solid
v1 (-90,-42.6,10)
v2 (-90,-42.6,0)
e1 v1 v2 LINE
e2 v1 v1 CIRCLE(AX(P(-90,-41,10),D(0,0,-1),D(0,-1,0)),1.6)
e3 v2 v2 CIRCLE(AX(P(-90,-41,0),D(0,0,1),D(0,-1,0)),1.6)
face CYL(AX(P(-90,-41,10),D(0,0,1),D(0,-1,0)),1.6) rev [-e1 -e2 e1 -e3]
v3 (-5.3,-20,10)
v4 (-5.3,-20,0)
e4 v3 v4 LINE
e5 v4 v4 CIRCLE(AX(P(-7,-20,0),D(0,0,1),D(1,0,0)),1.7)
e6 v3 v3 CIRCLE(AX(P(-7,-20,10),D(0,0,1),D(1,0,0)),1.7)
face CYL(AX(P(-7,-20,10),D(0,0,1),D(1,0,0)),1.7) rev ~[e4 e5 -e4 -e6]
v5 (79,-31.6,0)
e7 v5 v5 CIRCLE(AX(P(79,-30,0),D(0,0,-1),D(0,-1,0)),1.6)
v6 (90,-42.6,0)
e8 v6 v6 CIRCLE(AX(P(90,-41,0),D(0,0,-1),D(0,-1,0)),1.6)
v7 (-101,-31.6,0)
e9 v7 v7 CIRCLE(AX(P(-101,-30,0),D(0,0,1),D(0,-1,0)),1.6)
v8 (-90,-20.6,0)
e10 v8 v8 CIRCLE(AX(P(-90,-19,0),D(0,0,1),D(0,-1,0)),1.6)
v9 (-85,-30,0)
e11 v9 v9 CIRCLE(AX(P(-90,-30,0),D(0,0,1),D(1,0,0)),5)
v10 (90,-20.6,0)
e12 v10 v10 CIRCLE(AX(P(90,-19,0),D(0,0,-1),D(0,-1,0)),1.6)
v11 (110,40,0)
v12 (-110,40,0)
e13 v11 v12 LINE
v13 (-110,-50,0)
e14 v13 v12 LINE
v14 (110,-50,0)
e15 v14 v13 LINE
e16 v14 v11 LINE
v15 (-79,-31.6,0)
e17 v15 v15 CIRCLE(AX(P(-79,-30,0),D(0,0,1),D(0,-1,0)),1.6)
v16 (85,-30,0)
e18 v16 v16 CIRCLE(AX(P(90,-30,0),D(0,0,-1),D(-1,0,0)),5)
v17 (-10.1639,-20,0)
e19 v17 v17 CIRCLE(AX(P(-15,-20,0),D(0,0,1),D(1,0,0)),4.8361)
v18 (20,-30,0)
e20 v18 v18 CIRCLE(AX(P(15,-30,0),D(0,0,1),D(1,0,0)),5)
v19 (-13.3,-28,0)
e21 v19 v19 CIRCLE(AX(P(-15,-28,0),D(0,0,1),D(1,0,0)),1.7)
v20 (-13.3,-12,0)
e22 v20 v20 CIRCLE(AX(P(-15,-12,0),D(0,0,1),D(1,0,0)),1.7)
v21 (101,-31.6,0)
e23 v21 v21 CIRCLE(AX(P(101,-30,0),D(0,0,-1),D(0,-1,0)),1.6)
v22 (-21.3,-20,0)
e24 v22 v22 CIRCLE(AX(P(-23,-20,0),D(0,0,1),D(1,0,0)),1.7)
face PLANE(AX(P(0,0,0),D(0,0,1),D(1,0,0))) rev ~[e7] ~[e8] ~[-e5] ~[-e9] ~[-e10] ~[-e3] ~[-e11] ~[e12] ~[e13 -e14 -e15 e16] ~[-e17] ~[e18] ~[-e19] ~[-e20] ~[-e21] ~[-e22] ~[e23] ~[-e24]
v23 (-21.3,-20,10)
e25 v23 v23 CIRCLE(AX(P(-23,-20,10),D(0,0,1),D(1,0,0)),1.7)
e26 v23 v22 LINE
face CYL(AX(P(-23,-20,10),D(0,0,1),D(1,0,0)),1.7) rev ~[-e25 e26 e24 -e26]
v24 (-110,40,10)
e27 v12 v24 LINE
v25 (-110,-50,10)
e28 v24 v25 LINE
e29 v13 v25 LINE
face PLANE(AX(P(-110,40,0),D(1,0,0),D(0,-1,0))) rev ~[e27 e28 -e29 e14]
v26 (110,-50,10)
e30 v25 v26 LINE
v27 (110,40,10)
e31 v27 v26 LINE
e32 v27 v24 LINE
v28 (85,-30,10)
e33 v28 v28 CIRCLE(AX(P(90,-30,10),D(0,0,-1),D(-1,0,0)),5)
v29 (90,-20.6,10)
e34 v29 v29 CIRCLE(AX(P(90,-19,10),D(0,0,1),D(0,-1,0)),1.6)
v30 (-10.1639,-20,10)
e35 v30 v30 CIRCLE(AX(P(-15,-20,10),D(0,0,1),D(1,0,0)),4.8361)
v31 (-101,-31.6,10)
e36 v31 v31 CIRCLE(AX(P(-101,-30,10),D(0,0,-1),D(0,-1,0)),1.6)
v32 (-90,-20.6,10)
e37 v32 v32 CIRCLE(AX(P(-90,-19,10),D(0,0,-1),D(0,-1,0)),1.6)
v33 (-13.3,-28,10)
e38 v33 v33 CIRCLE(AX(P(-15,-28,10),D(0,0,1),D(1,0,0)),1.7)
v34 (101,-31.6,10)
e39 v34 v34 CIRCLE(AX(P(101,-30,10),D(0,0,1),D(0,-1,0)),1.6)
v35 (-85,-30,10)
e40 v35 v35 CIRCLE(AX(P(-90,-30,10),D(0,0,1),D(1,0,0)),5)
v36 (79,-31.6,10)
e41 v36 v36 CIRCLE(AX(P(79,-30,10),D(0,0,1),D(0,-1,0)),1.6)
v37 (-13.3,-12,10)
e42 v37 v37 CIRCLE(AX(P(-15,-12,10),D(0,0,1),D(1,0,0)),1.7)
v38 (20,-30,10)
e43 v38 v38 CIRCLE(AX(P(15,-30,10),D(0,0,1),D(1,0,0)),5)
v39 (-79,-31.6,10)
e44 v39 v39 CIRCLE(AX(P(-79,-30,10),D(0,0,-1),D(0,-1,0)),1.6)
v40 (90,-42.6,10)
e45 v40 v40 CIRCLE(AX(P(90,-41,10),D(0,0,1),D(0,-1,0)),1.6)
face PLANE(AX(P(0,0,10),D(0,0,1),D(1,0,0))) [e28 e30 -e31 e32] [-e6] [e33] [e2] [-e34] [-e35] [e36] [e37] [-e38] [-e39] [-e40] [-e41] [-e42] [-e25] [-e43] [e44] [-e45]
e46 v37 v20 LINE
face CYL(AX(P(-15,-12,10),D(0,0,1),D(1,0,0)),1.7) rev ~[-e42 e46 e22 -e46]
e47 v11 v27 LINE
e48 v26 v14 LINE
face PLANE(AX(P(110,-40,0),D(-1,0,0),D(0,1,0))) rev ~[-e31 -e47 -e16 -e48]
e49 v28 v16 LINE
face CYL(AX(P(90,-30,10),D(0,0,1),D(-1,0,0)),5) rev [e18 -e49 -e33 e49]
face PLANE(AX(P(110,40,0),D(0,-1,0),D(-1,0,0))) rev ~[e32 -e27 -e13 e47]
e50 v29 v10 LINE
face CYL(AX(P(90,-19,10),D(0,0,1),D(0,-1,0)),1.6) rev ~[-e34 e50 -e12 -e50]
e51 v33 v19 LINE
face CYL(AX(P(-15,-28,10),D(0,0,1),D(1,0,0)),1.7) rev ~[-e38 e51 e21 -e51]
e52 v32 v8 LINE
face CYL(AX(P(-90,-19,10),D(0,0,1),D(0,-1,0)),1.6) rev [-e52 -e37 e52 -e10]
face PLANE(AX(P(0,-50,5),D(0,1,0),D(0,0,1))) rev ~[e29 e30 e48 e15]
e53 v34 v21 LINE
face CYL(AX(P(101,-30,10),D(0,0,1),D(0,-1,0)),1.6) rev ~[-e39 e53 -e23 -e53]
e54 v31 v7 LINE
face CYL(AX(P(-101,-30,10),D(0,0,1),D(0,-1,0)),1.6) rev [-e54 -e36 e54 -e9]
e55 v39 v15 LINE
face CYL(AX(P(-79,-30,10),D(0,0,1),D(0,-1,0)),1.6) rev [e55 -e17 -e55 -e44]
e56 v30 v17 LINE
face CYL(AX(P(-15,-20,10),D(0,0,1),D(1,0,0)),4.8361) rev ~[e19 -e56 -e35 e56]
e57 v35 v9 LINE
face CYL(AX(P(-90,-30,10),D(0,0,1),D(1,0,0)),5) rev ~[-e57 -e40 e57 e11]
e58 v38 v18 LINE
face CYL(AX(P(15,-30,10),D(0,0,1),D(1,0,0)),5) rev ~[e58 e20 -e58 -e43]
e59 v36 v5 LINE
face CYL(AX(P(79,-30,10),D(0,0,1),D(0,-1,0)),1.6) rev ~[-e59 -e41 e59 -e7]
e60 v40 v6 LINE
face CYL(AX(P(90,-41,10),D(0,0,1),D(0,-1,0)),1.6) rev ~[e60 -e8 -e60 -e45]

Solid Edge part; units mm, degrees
sketch "Sketch1" plane through (0, 0, 0) normal (0, 0, 1) x (1, 0, 0)
  line L0 (-110, -40) -> (110, -40)
  line L1 (110, -40) -> (110, 40)
  line L2 (110, 40) -> (-110, 40)
  line L3 (-110, 40) -> (-110, -40)
  dimension "D1" = 220
  dimension "D2" = 80
extrude "Protrusion1" add sketch "Sketch1" along normal blind 10
sketch "Sketch2" plane through (0, -40, 5) normal (0, -1, 0) x (1, 0, 0)
  line L0 (-110, 5) -> (110, 5)
  line L1 (110, 5) -> (110, -5)
  line L2 (110, -5) -> (-110, -5)
  line L3 (-110, -5) -> (-110, 5)
extrude "Extrusionsausprägung_2" add sketch "Sketch2" along normal blind 10
sketch "Sketch3" plane through (0, -5, 10) normal (0, 0, 1) x (1, 0, 0)
  circle A0 centre (-90, -25) radius 5
  dimension "D1" = 90
  dimension "D2" = 20
  dimension "D3" = 10
extrude "Cutout1" cut sketch "Sketch3" against normal up to next
hole "Bohrung_2" at (-90, -19, 10) direction (0, 0, -1) diameter 3.2 end up to next
hole "Hole1" at (-101, -30, 10) direction (0, 0, -1) diameter 3.2 end up to next
hole "Hole2" at (-90, -41, 10) direction (0, 0, -1) diameter 3.2 end up to next
hole "Hole3" at (-79, -30, 10) direction (0, 0, -1) diameter 3.2 end up to next
mirror "Mirror1" about plane through (0, 0, 0) normal (1, 0, 0) of "Cutout1", "Bohrung_2", "Hole1", "Hole2", "Hole3"
sketch "Sketch4" plane through (0, -5, 10) normal (0, 0, 1) x (1, 0, 0)
  circle A0 centre (15, -25) radius 5
  dimension "D1" = 75
  dimension "D2" = 10
extrude "Cutout2" cut sketch "Sketch4" against normal up to next
sketch "Sketch5" plane through (0, -5, 10) normal (0, 0, 1) x (1, 0, 0)
  circle A0 centre (-15, -15) radius 4.8361
  circle A1 centre (-15, -7) radius 1.7
  circle A2 centre (-7, -15) radius 1.7
  circle A3 centre (-15, -23) radius 1.7
  circle A4 centre (-23, -15) radius 1.7
  dimension "D1" = 10
  dimension "D2" = 30
  dimension "D3" = 16
  dimension "D4" = 3.4
extrude "Cutout3" cut sketch "Sketch5" against normal up to next
properties material "Nylon, allgemein"
